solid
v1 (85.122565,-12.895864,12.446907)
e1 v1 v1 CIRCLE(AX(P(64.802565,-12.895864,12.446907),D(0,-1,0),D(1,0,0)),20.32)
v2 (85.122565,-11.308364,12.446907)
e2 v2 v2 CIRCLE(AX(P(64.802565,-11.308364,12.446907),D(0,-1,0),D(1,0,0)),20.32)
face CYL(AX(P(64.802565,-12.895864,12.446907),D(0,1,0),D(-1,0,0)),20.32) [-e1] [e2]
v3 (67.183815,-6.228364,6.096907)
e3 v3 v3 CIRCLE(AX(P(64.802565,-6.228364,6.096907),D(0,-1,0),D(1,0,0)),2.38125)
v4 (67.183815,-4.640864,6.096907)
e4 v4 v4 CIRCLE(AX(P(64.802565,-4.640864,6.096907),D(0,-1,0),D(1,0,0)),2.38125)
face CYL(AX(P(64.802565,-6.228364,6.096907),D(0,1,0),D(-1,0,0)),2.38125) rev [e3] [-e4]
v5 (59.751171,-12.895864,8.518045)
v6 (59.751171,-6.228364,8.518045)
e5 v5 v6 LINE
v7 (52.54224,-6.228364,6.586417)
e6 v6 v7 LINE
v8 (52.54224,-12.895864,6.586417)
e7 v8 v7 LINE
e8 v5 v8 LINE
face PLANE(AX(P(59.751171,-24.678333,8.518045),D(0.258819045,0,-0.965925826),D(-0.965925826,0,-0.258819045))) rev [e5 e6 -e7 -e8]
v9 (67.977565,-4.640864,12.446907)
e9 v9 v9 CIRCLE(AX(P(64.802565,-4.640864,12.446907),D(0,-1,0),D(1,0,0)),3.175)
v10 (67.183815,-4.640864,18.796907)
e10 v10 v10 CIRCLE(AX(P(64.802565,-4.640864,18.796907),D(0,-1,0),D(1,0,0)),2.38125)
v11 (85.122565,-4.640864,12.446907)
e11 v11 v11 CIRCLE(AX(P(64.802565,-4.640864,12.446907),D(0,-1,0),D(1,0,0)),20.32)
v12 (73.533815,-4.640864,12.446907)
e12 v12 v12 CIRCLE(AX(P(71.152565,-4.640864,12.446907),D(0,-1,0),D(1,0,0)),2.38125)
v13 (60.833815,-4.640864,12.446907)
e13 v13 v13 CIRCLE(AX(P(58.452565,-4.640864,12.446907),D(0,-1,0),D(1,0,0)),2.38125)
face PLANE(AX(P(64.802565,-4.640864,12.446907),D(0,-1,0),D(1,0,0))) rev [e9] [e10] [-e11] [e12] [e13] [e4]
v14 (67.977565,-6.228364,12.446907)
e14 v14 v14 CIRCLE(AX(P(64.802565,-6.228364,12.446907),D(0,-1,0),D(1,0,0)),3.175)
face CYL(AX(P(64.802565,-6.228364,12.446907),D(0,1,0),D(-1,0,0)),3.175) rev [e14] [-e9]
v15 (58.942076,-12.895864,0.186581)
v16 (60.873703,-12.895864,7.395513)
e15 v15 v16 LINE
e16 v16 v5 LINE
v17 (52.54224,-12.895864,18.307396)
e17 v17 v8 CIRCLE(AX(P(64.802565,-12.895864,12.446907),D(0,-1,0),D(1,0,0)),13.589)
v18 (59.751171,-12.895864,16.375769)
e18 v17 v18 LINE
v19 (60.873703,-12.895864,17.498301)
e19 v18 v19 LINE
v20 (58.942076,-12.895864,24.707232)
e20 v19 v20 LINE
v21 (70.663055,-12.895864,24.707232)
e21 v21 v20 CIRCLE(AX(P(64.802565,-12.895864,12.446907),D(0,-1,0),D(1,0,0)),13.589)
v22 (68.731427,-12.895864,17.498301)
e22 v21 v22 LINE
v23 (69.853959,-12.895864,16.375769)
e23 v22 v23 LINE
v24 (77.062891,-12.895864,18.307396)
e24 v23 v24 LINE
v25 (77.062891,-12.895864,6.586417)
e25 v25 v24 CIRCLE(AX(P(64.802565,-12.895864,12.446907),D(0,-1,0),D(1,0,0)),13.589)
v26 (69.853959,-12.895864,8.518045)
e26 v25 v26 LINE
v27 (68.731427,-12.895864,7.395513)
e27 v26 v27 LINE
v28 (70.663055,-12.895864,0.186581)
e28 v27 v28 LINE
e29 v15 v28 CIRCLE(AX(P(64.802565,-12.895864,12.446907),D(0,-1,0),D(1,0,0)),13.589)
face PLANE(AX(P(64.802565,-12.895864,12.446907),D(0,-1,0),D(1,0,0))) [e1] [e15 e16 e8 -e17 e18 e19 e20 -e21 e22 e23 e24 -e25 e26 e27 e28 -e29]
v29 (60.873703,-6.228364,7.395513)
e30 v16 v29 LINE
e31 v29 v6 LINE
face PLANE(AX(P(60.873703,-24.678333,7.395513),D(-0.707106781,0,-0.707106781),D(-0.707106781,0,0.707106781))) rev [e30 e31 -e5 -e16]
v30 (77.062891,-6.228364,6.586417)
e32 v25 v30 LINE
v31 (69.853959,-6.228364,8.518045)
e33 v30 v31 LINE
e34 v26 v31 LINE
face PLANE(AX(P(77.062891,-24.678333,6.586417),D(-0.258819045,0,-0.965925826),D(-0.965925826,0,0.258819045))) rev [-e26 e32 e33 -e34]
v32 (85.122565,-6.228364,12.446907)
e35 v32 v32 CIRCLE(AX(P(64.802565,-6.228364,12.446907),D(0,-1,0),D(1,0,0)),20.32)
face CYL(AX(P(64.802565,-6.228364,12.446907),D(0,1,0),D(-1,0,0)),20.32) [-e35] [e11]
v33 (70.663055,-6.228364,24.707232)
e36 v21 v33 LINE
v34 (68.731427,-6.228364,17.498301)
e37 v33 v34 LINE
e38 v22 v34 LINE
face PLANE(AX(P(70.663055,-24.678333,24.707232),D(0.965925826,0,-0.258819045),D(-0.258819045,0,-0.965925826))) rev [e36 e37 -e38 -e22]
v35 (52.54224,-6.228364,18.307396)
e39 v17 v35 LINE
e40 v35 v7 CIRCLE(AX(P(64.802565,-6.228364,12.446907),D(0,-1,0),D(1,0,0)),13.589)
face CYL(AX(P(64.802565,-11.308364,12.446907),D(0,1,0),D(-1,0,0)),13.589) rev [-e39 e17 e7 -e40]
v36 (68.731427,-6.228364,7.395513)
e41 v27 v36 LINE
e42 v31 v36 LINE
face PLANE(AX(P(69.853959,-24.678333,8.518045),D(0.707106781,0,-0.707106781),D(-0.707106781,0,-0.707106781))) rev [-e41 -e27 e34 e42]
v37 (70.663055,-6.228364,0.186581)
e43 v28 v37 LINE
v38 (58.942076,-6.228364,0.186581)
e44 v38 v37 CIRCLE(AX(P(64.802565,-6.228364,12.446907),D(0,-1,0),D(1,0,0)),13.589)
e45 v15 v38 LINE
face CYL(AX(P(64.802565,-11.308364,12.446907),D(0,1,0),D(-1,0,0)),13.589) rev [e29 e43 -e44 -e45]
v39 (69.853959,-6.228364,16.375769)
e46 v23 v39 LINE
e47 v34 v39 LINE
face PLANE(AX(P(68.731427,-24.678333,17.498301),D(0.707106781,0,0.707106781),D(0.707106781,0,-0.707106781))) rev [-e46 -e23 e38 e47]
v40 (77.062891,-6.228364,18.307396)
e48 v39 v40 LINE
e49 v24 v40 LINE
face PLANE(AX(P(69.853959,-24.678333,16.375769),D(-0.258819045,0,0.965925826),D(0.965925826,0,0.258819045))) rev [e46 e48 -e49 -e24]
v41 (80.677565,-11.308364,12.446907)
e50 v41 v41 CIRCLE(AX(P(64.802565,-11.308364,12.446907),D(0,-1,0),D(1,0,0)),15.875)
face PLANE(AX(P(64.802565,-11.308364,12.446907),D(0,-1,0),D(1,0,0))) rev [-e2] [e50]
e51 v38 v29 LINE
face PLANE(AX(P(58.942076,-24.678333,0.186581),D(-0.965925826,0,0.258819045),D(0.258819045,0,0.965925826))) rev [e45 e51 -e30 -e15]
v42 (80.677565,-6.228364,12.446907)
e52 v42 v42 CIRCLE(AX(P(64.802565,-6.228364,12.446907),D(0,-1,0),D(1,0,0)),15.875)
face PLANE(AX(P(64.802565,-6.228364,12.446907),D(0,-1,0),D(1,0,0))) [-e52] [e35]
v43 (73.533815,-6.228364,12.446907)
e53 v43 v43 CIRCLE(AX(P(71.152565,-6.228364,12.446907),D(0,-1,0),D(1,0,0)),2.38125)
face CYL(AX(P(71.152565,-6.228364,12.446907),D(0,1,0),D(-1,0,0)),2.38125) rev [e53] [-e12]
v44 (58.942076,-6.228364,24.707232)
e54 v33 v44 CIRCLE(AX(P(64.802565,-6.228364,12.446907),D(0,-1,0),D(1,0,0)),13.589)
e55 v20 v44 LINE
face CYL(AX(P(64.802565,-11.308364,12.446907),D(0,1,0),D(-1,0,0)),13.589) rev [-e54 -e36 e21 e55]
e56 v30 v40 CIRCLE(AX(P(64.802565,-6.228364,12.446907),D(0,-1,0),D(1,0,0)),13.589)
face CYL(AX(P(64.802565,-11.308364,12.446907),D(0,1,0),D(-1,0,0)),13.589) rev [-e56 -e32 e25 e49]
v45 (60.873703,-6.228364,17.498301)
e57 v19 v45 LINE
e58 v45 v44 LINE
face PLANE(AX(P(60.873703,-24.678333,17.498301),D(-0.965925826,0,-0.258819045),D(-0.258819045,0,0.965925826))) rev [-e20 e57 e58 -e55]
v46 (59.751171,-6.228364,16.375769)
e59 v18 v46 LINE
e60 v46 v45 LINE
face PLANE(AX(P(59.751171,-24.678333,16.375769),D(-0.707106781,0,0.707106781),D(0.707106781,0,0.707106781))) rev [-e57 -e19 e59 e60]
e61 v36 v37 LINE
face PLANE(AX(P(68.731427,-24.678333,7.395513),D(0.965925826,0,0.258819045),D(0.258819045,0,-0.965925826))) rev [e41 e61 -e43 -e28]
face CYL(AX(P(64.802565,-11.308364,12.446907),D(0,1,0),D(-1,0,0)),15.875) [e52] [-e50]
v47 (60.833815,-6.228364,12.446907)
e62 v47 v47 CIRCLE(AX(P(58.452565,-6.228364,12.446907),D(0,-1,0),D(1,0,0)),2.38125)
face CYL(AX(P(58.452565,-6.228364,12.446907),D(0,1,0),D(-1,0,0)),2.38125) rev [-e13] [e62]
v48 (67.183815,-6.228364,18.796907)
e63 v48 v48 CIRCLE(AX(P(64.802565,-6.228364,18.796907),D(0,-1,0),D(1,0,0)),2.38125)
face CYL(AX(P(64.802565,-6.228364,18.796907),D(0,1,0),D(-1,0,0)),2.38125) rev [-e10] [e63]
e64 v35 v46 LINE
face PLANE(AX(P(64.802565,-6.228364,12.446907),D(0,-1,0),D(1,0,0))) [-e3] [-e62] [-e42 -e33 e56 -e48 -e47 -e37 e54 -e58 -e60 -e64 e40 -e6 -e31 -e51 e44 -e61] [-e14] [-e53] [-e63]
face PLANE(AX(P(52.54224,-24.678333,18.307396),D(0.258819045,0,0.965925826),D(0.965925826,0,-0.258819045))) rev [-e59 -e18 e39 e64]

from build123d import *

# Parameters (mm, degrees)
SKETCH1_R           = 20.32
SKETCH1_R_2         = 3.175
SKETCH1_R_3         = 2.38125
BOSS_EXTRUDE1_DEPTH = 1.5875
SKETCH2_R           = 15.875
SKETCH2_R_2         = 13.589
BOSS_EXTRUDE2_DEPTH = 5.08
SKETCH3_R           = 20.32
SKETCH3_R_2         = 13.589
BOSS_EXTRUDE3_DEPTH = 1.5875
BOSS_EXTRUDE4_DEPTH = 6.6675


with BuildPart() as part:
    # Sketch1 → Boss-Extrude1 (new body)
    with BuildSketch(Plane.XZ.offset(4.640864108)):
        with Locations((64.802565284, 12.446906686)):
            Circle(SKETCH1_R)
        with Locations((64.802565284, 12.446906686)):
            Circle(SKETCH1_R_2, mode=Mode.SUBTRACT)
        with Locations((58.452565284, 12.446906686)):
            Circle(SKETCH1_R_3, mode=Mode.SUBTRACT)
        with Locations((71.152565284, 12.446906686)):
            Circle(SKETCH1_R_3, mode=Mode.SUBTRACT)
        with Locations((64.802565284, 18.796906686)):
            Circle(SKETCH1_R_3, mode=Mode.SUBTRACT)
        with Locations((64.802565284, 6.096906686)):
            Circle(SKETCH1_R_3, mode=Mode.SUBTRACT)
    extrude(amount=BOSS_EXTRUDE1_DEPTH)

    # Sketch2 → Boss-Extrude2 (add)
    with BuildSketch(Plane.XZ.offset(6.228364108)):
        with Locations((64.802565284, 12.446906686)):
            Circle(SKETCH2_R)
        with Locations((64.802565284, 12.446906686)):
            Circle(SKETCH2_R_2, mode=Mode.SUBTRACT)
    extrude(amount=BOSS_EXTRUDE2_DEPTH)

    # Sketch3 → Boss-Extrude3 (add)
    with BuildSketch(Plane.XZ.offset(11.308364108)):
        with Locations((64.802565284, 12.446906686)):
            Circle(SKETCH3_R)
        with Locations((64.802565284, 12.446906686)):
            Circle(SKETCH3_R_2, mode=Mode.SUBTRACT)
    extrude(amount=BOSS_EXTRUDE3_DEPTH)

    # Sketch4 → Boss-Extrude4 (add)
    with BuildSketch(Plane.XZ.offset(6.228364108)):
        with BuildLine():
            Line((52.542239657, 18.307396129), (59.751171216, 16.375768739))
            Line((59.751171216, 16.375768739), (60.873703231, 17.498300754))
            Line((60.873703231, 17.498300754), (58.942075841, 24.707232314))
            ThreePointArc((58.942075841, 24.707232314), (55.193691235, 22.055780736), (52.542239657, 18.307396129))
        make_face()
        with BuildLine():
            Line((70.663054727, 24.707232314), (68.731427337, 17.498300754))
            Line((68.731427337, 17.498300754), (69.853959352, 16.375768739))
            Line((69.853959352, 16.375768739), (77.062890912, 18.307396129))
            ThreePointArc((77.062890912, 18.307396129), (74.411439334, 22.055780736), (70.663054727, 24.707232314))
        make_face()
        with BuildLine():
            Line((77.062890912, 6.586417243), (69.853959352, 8.518044633))
            Line((69.853959352, 8.518044633), (68.731427337, 7.395512618))
            Line((68.731427337, 7.395512618), (70.663054727, 0.186581059))
            ThreePointArc((70.663054727, 0.186581059), (74.411439334, 2.838032636), (77.062890912, 6.586417243))
        make_face()
        with BuildLine():
            Line((58.942075841, 0.186581059), (60.873703231, 7.395512618))
            Line((60.873703231, 7.395512618), (59.751171216, 8.518044633))
            Line((59.751171216, 8.518044633), (52.542239657, 6.586417243))
            ThreePointArc((52.542239657, 6.586417243), (55.193691235, 2.838032636), (58.942075841, 0.186581059))
        make_face()
    extrude(amount=BOSS_EXTRUDE4_DEPTH)


solid = part.part
